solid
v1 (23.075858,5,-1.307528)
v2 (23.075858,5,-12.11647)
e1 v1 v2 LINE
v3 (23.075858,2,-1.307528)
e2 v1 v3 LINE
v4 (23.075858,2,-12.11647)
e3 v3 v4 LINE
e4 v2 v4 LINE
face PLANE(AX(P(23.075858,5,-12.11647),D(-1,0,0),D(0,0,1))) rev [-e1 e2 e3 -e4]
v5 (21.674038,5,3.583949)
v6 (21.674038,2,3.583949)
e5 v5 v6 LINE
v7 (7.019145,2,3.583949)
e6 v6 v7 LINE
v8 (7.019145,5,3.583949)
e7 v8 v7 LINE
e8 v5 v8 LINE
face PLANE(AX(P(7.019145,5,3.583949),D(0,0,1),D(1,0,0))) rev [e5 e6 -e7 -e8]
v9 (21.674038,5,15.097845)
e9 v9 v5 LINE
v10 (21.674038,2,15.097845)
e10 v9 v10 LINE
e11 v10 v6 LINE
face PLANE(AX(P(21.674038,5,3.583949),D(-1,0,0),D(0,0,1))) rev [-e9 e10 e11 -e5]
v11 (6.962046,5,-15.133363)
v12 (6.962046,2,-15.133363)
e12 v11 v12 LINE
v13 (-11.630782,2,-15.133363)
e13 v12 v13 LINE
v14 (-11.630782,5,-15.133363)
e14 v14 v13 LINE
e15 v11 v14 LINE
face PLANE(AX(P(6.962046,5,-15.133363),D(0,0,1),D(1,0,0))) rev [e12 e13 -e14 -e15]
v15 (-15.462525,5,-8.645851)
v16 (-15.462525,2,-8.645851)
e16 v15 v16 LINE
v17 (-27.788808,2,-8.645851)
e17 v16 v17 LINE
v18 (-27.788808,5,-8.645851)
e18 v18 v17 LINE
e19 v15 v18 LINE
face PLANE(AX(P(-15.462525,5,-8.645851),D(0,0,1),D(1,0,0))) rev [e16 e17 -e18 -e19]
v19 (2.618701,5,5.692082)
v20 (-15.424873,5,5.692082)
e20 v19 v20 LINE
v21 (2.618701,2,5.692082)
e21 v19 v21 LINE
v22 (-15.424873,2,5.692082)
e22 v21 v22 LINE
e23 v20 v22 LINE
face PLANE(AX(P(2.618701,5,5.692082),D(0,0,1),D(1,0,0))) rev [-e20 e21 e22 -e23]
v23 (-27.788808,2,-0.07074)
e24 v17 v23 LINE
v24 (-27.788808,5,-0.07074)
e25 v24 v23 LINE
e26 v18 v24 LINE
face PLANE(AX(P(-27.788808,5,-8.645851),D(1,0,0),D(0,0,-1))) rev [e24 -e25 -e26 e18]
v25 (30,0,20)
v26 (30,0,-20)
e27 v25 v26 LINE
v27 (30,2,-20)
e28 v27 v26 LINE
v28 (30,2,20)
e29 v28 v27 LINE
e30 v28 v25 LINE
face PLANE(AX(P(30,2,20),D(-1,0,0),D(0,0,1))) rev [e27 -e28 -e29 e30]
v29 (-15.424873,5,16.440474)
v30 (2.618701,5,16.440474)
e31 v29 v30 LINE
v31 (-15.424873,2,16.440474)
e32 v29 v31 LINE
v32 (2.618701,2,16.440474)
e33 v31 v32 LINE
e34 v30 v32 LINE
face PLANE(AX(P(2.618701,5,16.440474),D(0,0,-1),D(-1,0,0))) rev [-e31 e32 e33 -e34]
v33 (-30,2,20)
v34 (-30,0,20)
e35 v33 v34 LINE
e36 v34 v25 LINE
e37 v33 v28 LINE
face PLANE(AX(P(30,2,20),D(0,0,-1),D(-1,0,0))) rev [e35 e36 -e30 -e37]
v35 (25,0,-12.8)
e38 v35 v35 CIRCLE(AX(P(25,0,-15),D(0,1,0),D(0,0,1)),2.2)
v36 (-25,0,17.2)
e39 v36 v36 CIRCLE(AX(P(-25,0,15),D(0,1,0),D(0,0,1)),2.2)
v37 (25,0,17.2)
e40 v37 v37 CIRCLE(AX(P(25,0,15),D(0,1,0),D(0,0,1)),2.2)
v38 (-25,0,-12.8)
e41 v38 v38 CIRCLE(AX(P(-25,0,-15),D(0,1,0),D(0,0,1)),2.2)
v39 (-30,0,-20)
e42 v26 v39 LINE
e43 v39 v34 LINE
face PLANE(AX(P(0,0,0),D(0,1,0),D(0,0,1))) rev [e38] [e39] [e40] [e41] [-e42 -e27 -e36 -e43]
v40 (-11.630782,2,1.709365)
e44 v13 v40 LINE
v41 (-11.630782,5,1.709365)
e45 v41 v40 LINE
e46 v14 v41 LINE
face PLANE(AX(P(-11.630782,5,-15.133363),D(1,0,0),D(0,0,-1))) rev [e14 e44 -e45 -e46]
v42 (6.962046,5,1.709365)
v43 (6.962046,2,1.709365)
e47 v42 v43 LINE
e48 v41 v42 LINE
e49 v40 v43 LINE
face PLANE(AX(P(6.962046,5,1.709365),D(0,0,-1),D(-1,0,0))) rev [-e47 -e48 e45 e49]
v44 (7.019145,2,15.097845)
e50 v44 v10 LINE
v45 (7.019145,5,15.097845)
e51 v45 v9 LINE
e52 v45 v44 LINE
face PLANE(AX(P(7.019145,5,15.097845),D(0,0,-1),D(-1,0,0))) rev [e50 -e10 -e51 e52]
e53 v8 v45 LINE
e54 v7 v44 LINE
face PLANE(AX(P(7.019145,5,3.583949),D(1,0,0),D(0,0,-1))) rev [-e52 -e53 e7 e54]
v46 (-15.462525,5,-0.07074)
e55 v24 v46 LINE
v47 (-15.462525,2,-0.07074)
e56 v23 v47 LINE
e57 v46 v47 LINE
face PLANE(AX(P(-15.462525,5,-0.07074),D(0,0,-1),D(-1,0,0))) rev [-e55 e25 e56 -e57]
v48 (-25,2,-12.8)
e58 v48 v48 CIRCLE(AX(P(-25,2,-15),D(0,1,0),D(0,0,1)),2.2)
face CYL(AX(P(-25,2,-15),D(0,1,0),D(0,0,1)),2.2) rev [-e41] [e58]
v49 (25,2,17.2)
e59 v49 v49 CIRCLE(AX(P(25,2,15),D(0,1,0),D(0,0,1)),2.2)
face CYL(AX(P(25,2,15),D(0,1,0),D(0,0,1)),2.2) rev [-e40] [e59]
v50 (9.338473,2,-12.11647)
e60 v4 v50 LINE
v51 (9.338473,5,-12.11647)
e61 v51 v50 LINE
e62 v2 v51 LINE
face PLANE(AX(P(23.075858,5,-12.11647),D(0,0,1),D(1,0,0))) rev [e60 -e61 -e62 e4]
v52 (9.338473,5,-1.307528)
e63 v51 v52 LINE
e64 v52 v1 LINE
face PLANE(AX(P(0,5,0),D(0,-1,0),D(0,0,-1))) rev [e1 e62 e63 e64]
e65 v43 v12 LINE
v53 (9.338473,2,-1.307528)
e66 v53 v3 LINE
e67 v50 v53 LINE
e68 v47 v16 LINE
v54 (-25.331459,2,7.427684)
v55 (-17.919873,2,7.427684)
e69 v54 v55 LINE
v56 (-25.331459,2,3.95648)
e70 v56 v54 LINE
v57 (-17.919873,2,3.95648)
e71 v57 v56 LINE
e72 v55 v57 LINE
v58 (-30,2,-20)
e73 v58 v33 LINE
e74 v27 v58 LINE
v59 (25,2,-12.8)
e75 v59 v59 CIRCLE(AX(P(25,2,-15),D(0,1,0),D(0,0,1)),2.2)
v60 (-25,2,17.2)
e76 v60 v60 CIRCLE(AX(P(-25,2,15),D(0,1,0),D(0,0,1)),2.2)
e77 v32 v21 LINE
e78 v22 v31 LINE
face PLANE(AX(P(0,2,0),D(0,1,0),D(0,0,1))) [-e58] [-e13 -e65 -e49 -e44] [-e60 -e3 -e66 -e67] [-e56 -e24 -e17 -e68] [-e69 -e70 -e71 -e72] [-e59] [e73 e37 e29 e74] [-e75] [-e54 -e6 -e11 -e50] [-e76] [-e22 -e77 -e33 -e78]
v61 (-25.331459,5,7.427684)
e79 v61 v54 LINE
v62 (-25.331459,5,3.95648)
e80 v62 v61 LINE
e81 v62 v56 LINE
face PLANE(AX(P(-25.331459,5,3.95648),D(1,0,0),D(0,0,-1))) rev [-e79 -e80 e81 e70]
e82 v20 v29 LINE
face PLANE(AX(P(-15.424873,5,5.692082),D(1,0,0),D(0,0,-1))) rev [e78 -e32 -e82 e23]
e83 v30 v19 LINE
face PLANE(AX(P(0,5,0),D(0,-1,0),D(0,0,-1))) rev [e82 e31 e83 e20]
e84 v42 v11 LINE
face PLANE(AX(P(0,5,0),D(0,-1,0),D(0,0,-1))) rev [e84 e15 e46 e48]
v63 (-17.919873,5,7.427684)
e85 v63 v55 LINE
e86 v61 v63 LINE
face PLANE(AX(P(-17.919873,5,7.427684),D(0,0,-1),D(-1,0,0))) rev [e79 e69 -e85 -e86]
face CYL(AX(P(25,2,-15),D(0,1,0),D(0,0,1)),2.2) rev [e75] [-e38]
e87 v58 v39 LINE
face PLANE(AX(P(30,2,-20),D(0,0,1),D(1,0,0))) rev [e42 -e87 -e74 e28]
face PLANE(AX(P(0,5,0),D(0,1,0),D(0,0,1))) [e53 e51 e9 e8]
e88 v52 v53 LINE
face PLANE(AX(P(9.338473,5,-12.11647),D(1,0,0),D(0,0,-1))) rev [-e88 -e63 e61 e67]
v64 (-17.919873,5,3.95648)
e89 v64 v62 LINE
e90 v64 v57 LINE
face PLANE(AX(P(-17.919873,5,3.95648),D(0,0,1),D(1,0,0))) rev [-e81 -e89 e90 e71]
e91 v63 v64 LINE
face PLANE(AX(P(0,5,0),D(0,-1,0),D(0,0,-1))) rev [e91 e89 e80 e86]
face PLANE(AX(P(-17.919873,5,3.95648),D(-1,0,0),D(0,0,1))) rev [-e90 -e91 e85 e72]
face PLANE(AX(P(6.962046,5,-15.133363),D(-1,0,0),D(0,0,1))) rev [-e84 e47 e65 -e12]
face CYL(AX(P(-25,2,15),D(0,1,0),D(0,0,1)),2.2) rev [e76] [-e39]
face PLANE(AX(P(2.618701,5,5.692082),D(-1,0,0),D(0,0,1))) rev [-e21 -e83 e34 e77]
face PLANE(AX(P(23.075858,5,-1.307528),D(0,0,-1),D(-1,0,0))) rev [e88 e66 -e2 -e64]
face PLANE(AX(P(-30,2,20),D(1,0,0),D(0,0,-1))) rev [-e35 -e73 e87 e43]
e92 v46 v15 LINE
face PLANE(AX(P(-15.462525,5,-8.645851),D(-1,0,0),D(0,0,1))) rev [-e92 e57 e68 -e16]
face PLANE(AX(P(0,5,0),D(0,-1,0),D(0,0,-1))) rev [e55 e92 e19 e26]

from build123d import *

# Parameters (mm, degrees)
SKETCH1_W                  = 60
SKETCH1_H                  = 40
BOSS_EXTRUDE1_DEPTH        = 2
SKETCH2_W                  = 12.326283063
SKETCH2_H                  = 8.575111395
SKETCH2_W_2                = 13.737384573
SKETCH2_H_2                = 10.808942535
SKETCH2_W_3                = 18.592828035
SKETCH2_H_3                = 16.842728436
SKETCH2_W_4                = 7.411585369
SKETCH2_H_4                = 3.471203566
SKETCH2_W_5                = 14.654892662
SKETCH2_H_5                = 11.51389599
SKETCH2_W_6                = 18.043574534
SKETCH2_H_6                = 10.748392007
BOSS_EXTRUDE2_DEPTH        = 3
F_4_4_4_4_DIAMETER_HOLE1_D = 4.4


with BuildPart() as part:
    # Sketch1 → Boss-Extrude1 (new body)
    with BuildSketch(Plane(origin=(0, 0, 0), x_dir=(1, 0, 0), z_dir=(0, 1, 0))):
        Rectangle(SKETCH1_W, SKETCH1_H)
    extrude(amount=BOSS_EXTRUDE1_DEPTH)

    # Sketch2 → Boss-Extrude2 (add)
    with BuildSketch(Plane(origin=(0, 2, 0), x_dir=(1, 0, 0), z_dir=(0, 1, 0))):
        with Locations((-21.625666124, 4.358295229)):
            Rectangle(SKETCH2_W, SKETCH2_H)
        with Locations((16.207165307, 6.711999232)):
            Rectangle(SKETCH2_W_2, SKETCH2_H_2)
        with Locations((-2.33436777, 6.711999232)):
            Rectangle(SKETCH2_W_3, SKETCH2_H_3)
        with Locations((-21.625666124, -5.692081798)):
            Rectangle(SKETCH2_W_4, SKETCH2_H_4)
        with Locations((14.346591679, -9.340896656)):
            Rectangle(SKETCH2_W_5, SKETCH2_H_5)
        with Locations((-6.403086195, -11.066277802)):
            Rectangle(SKETCH2_W_6, SKETCH2_H_6)
    extrude(amount=BOSS_EXTRUDE2_DEPTH)

    # Ø4.4 (4.4) Diameter Hole1 (through all)
    with Locations(Plane(origin=(0, 2, 0), x_dir=(1, 0, 0), z_dir=(0, 1, 0))):
        with Locations((-25, 15), (25, 15), (25, -15), (-25, -15)):
            Hole(F_4_4_4_4_DIAMETER_HOLE1_D / 2)


solid = part.part
